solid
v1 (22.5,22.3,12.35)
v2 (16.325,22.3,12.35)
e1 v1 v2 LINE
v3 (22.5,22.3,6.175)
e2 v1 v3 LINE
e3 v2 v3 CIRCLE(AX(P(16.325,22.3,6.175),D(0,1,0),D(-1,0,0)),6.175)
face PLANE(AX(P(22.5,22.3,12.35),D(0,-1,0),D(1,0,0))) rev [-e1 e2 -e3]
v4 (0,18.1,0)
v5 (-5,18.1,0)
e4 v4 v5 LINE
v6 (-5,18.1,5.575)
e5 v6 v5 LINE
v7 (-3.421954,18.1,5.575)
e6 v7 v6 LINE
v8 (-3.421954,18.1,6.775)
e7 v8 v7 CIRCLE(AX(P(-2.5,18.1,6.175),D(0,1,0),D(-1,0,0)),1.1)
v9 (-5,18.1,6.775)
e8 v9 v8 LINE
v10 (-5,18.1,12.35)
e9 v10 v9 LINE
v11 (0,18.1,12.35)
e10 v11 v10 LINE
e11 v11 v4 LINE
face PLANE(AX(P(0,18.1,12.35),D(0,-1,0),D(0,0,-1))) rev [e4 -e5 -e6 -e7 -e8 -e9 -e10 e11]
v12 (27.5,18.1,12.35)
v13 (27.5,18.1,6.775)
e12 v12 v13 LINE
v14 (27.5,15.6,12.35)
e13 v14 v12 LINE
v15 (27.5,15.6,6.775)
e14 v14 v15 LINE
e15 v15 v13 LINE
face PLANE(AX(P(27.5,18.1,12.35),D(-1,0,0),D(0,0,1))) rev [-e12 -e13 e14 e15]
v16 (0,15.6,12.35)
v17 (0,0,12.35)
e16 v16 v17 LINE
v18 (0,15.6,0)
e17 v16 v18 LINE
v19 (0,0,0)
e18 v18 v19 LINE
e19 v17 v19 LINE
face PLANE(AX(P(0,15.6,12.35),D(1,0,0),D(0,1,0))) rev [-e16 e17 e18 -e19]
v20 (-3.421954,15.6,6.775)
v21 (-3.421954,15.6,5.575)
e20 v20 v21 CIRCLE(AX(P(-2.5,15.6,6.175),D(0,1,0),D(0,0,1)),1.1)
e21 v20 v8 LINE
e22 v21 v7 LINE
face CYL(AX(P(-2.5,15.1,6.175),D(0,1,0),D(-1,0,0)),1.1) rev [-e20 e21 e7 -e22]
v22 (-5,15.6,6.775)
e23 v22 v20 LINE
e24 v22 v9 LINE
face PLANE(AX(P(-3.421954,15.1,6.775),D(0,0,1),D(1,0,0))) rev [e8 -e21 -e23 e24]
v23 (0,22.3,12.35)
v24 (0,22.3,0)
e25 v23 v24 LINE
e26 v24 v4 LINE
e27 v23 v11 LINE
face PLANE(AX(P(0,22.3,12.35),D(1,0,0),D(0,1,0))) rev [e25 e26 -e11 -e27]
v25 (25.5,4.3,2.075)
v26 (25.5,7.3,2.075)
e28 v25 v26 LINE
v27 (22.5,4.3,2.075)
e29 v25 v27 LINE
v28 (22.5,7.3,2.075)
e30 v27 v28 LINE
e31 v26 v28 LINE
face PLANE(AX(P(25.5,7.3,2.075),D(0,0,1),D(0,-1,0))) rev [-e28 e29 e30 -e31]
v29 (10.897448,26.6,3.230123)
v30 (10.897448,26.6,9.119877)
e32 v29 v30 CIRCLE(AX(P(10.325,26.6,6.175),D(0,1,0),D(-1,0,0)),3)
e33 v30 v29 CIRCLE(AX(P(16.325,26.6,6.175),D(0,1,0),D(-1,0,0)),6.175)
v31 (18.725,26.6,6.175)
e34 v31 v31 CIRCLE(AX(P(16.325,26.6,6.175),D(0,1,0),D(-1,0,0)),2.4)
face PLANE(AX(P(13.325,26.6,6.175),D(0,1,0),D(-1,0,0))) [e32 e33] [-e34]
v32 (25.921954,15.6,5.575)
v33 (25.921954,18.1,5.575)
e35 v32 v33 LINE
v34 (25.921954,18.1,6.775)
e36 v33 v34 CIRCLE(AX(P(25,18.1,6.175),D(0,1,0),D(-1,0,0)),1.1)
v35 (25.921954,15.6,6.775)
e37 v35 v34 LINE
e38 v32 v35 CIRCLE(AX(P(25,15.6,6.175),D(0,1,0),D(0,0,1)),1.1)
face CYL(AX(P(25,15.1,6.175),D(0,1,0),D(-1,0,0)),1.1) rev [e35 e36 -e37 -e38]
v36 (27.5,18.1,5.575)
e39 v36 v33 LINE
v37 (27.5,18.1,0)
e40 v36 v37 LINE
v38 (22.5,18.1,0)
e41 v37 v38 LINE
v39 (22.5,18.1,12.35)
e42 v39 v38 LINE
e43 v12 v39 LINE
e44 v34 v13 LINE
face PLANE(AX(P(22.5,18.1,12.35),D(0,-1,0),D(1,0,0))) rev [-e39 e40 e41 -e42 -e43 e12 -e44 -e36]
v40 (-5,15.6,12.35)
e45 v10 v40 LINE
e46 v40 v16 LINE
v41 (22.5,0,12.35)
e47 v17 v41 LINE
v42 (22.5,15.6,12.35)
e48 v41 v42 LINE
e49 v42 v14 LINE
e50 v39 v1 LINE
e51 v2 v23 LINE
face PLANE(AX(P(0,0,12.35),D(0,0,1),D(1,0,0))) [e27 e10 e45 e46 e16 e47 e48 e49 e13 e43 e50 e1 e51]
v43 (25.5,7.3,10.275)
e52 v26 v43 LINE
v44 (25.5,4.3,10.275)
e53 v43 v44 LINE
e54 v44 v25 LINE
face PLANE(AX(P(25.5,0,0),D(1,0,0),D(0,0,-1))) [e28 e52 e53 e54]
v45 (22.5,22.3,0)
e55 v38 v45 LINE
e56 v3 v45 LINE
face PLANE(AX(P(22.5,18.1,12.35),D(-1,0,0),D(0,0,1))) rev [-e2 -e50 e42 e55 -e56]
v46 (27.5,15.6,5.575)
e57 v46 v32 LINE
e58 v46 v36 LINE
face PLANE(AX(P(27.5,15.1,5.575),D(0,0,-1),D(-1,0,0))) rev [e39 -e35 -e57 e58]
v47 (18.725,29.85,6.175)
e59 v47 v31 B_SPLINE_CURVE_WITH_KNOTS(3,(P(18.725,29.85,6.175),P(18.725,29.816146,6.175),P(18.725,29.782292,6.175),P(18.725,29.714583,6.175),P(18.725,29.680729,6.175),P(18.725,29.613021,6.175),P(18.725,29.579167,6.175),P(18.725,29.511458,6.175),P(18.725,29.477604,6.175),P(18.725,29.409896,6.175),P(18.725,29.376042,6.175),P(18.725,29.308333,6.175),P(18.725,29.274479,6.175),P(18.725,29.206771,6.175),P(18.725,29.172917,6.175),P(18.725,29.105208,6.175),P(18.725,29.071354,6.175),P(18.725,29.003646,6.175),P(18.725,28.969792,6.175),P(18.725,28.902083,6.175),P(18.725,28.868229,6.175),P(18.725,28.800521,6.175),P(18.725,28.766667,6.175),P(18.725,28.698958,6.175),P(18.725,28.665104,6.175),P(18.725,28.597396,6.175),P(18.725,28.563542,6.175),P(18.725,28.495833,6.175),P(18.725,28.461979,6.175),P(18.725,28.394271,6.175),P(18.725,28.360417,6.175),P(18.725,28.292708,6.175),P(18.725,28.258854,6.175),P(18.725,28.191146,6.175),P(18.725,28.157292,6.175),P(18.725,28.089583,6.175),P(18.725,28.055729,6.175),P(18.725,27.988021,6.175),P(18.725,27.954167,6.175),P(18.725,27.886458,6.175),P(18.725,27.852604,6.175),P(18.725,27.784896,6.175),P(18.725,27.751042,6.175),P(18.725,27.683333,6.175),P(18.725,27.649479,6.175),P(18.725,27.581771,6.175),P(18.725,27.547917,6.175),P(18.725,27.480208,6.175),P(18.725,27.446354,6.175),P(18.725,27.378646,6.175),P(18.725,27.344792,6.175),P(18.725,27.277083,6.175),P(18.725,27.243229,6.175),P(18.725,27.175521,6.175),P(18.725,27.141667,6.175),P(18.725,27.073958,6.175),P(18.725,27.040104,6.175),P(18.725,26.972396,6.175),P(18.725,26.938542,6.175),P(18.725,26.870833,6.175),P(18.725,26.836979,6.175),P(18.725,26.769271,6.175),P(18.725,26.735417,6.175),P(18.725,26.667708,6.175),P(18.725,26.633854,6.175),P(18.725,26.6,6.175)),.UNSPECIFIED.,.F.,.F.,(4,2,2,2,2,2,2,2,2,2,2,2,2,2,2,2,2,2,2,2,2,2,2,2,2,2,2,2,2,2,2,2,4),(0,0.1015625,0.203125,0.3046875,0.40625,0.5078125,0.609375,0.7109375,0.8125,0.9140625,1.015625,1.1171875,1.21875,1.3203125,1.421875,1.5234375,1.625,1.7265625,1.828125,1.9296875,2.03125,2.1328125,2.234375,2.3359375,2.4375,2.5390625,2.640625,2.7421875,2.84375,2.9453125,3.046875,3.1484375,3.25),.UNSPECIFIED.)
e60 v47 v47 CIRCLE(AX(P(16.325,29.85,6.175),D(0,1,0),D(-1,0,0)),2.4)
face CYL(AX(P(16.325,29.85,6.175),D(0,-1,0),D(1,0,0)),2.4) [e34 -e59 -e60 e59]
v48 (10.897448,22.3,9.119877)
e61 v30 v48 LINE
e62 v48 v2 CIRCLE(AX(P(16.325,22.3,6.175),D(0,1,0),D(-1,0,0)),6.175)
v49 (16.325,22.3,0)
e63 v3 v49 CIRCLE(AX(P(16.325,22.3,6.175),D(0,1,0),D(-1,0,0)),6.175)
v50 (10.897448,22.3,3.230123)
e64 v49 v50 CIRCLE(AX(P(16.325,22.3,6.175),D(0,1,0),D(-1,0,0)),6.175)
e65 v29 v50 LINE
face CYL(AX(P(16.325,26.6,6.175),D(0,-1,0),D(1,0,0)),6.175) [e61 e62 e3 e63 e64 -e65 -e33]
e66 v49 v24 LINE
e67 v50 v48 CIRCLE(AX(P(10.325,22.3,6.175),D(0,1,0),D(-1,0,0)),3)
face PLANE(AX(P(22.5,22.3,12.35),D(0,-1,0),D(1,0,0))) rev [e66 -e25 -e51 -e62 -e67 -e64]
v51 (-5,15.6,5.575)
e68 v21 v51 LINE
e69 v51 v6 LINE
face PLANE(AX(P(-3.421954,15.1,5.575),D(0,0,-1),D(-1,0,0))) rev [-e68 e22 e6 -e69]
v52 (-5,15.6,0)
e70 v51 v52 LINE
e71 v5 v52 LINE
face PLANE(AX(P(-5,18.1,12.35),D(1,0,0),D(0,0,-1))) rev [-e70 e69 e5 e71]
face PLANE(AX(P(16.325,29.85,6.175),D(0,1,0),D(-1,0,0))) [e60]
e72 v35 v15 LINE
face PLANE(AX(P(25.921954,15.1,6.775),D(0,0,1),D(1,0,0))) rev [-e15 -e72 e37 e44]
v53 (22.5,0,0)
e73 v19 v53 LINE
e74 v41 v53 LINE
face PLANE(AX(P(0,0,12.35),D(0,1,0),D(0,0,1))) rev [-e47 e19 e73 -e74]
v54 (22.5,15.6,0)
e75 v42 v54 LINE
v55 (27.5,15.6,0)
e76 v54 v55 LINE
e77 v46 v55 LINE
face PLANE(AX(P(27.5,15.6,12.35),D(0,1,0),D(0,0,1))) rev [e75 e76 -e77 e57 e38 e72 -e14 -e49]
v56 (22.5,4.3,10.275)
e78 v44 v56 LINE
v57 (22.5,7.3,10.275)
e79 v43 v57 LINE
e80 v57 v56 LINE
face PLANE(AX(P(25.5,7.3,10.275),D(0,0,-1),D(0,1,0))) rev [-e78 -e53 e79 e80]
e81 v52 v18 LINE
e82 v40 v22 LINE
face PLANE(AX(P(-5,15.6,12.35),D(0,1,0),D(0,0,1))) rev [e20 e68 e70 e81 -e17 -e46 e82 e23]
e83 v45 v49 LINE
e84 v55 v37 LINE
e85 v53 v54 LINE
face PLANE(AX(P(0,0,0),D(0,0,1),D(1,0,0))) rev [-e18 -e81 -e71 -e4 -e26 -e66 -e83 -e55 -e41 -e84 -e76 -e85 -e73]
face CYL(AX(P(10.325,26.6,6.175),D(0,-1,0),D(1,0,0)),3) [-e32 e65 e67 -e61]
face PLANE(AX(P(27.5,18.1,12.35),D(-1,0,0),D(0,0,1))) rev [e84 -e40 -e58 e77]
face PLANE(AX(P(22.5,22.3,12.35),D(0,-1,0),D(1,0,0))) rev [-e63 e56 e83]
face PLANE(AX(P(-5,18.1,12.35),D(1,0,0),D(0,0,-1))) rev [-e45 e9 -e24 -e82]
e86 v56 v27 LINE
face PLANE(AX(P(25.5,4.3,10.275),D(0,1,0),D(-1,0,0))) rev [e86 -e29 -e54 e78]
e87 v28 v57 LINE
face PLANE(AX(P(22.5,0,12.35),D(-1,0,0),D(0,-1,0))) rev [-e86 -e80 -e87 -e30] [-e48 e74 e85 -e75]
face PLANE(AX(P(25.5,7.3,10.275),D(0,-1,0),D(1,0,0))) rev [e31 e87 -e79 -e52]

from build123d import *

# Parameters (mm, degrees)
BOSS_EXTRUDE1_DEPTH = 12.35
BOSS_EXTRUDE2_DEPTH = 4.3
SKETCH3_R           = 2.4
BOSS_EXTRUDE3_DEPTH = 3.25
SKETCH4_W           = 8.2
SKETCH4_H           = 3
BOSS_EXTRUDE4_DEPTH = 3
CUT_EXTRUDE1_DEPTH  = 3


with BuildPart() as part:
    # Sketch1 → Boss-Extrude1 (new body)
    with BuildSketch(Plane.XY):
        Polygon((0, 0), (22.5, 0), (22.5, 15.6), (27.5, 15.6), (27.5, 18.1), (22.5, 18.1), (22.5, 22.3), (0, 22.3), (0, 18.1), (-5, 18.1), (-5, 15.6), (0, 15.6), align=None)
    extrude(amount=BOSS_EXTRUDE1_DEPTH)

    # Sketch2 → Boss-Extrude2 (add)
    with BuildSketch(Plane(origin=(0, 22.3, 0), x_dir=(1, 0, 0), z_dir=(0, 1, 0))):
        with BuildLine():
            ThreePointArc((10.897447917, -9.119877482), (22.5, -6.175), (10.897447917, -3.230122518))
            ThreePointArc((10.897447917, -3.230122518), (7.325, -6.175), (10.897447917, -9.119877482))
        make_face()
    extrude(amount=BOSS_EXTRUDE2_DEPTH)

    # Sketch3 → Boss-Extrude3 (add)
    with BuildSketch(Plane(origin=(0, 26.6, 0), x_dir=(1, 0, 0), z_dir=(0, 1, 0))):
        with Locations((16.325, -6.175)):
            Circle(SKETCH3_R)
    extrude(amount=BOSS_EXTRUDE3_DEPTH)

    # Sketch4 → Boss-Extrude4 (add)
    with BuildSketch(Plane(origin=(22.5, 0, 0), x_dir=(0, 0, -1), z_dir=(1, 0, 0))):
        with Locations((-6.175, 5.8)):
            Rectangle(SKETCH4_W, SKETCH4_H)
    extrude(amount=BOSS_EXTRUDE4_DEPTH)

    # Sketch5 → Cut-Extrude1 (cut)
    with BuildSketch(Plane(origin=(0, 18.1, 0), x_dir=(1, 0, 0), z_dir=(0, 1, 0))):
        with BuildLine():
            Line((-3.421954446, -5.575), (-5, -5.575))
            Line((-5, -5.575), (-5, -6.775))
            Line((-5, -6.775), (-3.421954446, -6.775))
            ThreePointArc((-3.421954446, -6.775), (-1.4, -6.175), (-3.421954446, -5.575))
        make_face()
        with BuildLine():
            Line((25.921954446, -6.775), (27.5, -6.775))
            Line((27.5, -6.775), (27.5, -5.575))
            Line((27.5, -5.575), (25.921954446, -5.575))
            ThreePointArc((25.921954446, -5.575), (23.9, -6.175), (25.921954446, -6.775))
        make_face()
    extrude(amount=-CUT_EXTRUDE1_DEPTH, mode=Mode.SUBTRACT)


solid = part.part
